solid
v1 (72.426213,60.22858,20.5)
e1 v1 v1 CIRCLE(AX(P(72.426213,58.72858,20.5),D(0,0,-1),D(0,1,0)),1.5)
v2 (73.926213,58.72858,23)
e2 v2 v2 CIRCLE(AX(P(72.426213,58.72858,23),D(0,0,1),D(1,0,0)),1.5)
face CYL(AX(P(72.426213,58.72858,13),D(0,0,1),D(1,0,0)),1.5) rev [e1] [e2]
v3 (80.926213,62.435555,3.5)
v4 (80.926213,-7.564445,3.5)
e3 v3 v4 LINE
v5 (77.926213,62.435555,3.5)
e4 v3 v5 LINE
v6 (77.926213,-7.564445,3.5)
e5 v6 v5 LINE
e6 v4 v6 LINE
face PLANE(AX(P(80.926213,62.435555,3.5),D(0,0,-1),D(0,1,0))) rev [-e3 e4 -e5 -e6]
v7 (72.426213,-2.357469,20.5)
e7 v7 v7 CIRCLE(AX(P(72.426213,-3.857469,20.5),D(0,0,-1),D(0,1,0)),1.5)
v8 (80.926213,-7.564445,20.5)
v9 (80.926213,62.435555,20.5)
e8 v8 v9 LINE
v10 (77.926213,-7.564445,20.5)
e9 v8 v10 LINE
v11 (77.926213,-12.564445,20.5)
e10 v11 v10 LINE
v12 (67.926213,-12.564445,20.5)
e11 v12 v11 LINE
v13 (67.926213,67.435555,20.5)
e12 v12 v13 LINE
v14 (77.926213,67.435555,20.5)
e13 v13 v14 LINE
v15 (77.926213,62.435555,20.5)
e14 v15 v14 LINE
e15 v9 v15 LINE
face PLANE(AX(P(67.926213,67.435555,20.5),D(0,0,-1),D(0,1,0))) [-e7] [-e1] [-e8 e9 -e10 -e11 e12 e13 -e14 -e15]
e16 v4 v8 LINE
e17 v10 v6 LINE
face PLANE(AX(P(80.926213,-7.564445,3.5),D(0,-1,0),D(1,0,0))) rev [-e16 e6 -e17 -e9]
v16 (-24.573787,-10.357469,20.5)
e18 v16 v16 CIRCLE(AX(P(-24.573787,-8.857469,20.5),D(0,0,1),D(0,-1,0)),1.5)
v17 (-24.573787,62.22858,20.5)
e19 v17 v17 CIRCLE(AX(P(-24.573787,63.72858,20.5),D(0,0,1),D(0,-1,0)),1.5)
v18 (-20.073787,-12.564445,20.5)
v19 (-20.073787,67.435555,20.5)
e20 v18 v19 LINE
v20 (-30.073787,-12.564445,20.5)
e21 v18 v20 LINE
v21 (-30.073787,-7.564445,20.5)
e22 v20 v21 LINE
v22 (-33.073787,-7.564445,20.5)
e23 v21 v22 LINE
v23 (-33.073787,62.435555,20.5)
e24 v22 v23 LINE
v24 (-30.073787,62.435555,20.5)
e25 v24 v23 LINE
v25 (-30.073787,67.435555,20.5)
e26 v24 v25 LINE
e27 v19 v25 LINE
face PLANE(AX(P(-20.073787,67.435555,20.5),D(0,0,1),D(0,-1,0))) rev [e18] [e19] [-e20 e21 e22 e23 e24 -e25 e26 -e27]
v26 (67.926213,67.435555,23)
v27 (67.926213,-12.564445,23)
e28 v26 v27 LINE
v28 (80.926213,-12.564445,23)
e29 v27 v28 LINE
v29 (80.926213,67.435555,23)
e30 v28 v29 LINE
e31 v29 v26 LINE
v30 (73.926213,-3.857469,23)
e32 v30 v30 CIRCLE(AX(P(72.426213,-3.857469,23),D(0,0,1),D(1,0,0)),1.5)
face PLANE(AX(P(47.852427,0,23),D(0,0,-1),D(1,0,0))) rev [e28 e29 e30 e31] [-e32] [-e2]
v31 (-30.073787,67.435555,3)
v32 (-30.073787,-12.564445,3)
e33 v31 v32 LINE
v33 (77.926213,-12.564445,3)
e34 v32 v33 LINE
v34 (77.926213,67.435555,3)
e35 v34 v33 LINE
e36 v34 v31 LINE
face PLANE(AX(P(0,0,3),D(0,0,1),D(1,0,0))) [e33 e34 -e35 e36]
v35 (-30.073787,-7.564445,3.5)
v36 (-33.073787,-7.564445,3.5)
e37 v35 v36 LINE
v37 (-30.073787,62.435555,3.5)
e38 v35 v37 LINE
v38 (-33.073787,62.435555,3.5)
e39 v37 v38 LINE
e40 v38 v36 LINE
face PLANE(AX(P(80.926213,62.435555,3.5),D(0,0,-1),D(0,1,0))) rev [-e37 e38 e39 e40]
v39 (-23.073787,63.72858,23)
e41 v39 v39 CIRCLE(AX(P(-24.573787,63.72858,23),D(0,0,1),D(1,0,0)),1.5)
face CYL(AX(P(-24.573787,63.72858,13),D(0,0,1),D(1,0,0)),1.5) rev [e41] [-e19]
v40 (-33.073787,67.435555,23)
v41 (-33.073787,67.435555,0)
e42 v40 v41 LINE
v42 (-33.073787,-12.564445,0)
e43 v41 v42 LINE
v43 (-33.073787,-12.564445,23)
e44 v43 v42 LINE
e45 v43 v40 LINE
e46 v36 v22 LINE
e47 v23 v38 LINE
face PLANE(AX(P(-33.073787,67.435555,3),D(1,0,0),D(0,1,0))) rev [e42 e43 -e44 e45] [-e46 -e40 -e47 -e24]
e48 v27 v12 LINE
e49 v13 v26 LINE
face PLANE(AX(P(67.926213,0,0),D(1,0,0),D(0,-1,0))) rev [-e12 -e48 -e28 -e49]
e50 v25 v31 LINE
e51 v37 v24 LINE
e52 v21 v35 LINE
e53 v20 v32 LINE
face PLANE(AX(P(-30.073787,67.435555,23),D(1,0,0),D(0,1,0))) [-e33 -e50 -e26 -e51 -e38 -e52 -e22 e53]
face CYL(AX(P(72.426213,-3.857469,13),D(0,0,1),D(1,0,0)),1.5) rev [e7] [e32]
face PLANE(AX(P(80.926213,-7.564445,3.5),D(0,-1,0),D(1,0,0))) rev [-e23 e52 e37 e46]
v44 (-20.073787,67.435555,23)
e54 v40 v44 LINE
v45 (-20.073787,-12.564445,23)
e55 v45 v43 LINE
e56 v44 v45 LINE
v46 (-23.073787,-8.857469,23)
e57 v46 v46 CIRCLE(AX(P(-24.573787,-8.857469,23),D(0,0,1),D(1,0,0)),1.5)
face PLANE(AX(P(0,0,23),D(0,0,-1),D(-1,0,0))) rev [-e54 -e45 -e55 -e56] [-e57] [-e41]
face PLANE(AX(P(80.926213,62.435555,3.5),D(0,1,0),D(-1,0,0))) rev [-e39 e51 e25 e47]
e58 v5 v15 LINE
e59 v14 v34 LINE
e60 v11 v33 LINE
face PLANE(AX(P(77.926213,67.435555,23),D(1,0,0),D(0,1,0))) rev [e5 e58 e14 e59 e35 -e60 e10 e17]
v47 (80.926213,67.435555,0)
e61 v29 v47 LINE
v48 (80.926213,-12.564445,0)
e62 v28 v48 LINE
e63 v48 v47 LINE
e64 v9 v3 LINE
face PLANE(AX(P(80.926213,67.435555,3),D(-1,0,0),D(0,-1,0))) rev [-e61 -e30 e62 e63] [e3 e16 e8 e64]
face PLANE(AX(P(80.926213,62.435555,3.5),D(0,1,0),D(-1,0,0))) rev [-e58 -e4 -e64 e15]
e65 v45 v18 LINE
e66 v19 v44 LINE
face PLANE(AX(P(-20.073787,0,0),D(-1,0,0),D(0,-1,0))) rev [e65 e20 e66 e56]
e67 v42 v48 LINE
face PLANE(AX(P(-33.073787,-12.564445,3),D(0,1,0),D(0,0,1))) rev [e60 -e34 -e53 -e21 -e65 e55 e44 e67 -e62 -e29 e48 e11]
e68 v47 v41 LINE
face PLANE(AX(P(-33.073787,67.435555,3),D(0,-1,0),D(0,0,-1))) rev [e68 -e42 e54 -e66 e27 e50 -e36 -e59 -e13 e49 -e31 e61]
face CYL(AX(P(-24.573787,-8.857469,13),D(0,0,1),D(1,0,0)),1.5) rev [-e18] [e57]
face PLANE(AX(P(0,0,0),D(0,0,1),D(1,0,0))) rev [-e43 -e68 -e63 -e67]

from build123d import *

# Parameters (mm, degrees)
SKETCH10_W              = 114
SKETCH10_H              = 80
BOSS_EXTRUDE6_DEPTH     = 3
SKETCH12_W              = 3
SKETCH12_H              = 80
BOSS_EXTRUDE7_DEPTH     = 20
SKETCH13_W              = 2.5
SKETCH13_H              = 80
BOSS_EXTRUDE8_DEPTH     = 10
SKETCH16_W              = 16
SKETCH16_H              = 70
CUT_EXTRUDE3_DEPTH      = 135.434200024
SKETCH18_R              = 1.5
CUT_EXTRUDE4_DEPTH      = 10
CUT_EXTRUDE5_DEPTH      = 132.899788234
CUT_EXTRUDE5_DEPTH_BACK = 132.899788234
SKETCH19_W              = 1
SKETCH19_H              = 70


with BuildPart() as part:
    # Sketch10 → Boss-Extrude6 (new body)
    with BuildSketch(Plane.XY):
        with Locations((23.926213283, 27.43555543)):
            Rectangle(SKETCH10_W, SKETCH10_H)
    extrude(amount=BOSS_EXTRUDE6_DEPTH)

    # Sketch12 → Boss-Extrude7 (add)
    with BuildSketch(Plane.XY.offset(3)):
        with Locations((-31.573786717, 27.43555543)):
            Rectangle(SKETCH12_W, SKETCH12_H)
    boss_extrude7 = extrude(amount=BOSS_EXTRUDE7_DEPTH)

    # Sketch13 → Boss-Extrude8 (add)
    with BuildSketch(Plane(origin=(-30.073786717, 0, 0), x_dir=(0, 0, -1), z_dir=(1, 0, 0))):
        with Locations((-21.75, 27.43555543)):
            Rectangle(SKETCH13_W, SKETCH13_H)
    boss_extrude8 = extrude(amount=BOSS_EXTRUDE8_DEPTH)

    # Mirror3: Boss-Extrude7, Boss-Extrude8 across plane
    add(boss_extrude7.mirror(Plane.ZY.offset(-23.926213283)))
    add(boss_extrude8.mirror(Plane.ZY.offset(-23.926213283)))

    # Sketch16 → Cut-Extrude3 (cut, through all)
    with BuildSketch(Plane.ZY.offset(33.073786717)):
        with Locations((11.5, 27.43555543)):
            Rectangle(SKETCH16_W, SKETCH16_H)
    extrude(amount=-CUT_EXTRUDE3_DEPTH, mode=Mode.SUBTRACT)

    # Sketch18 → Cut-Extrude4 (cut)
    with BuildSketch(Plane.XY.offset(23)):
        with Locations((-24.573786717, 63.728579771)):
            Circle(SKETCH18_R)
        with Locations((-24.573786717, -8.857468911)):
            Circle(SKETCH18_R)
        with Locations((72.426213283, 58.728579771)):
            Circle(SKETCH18_R)
        with Locations((72.426213283, -3.857468911)):
            Circle(SKETCH18_R)
    extrude(amount=-CUT_EXTRUDE4_DEPTH, mode=Mode.SUBTRACT)

    # Sketch19 → Cut-Extrude5 (cut, two sides: drawn at the far end of the back side and taken through both)
    with BuildSketch(Plane.ZY.offset(-77.926213283).offset(-CUT_EXTRUDE5_DEPTH_BACK)):
        with Locations((20, 27.43555543)):
            Rectangle(SKETCH19_W, SKETCH19_H)
    extrude(amount=CUT_EXTRUDE5_DEPTH + CUT_EXTRUDE5_DEPTH_BACK, mode=Mode.SUBTRACT)


solid = part.part
